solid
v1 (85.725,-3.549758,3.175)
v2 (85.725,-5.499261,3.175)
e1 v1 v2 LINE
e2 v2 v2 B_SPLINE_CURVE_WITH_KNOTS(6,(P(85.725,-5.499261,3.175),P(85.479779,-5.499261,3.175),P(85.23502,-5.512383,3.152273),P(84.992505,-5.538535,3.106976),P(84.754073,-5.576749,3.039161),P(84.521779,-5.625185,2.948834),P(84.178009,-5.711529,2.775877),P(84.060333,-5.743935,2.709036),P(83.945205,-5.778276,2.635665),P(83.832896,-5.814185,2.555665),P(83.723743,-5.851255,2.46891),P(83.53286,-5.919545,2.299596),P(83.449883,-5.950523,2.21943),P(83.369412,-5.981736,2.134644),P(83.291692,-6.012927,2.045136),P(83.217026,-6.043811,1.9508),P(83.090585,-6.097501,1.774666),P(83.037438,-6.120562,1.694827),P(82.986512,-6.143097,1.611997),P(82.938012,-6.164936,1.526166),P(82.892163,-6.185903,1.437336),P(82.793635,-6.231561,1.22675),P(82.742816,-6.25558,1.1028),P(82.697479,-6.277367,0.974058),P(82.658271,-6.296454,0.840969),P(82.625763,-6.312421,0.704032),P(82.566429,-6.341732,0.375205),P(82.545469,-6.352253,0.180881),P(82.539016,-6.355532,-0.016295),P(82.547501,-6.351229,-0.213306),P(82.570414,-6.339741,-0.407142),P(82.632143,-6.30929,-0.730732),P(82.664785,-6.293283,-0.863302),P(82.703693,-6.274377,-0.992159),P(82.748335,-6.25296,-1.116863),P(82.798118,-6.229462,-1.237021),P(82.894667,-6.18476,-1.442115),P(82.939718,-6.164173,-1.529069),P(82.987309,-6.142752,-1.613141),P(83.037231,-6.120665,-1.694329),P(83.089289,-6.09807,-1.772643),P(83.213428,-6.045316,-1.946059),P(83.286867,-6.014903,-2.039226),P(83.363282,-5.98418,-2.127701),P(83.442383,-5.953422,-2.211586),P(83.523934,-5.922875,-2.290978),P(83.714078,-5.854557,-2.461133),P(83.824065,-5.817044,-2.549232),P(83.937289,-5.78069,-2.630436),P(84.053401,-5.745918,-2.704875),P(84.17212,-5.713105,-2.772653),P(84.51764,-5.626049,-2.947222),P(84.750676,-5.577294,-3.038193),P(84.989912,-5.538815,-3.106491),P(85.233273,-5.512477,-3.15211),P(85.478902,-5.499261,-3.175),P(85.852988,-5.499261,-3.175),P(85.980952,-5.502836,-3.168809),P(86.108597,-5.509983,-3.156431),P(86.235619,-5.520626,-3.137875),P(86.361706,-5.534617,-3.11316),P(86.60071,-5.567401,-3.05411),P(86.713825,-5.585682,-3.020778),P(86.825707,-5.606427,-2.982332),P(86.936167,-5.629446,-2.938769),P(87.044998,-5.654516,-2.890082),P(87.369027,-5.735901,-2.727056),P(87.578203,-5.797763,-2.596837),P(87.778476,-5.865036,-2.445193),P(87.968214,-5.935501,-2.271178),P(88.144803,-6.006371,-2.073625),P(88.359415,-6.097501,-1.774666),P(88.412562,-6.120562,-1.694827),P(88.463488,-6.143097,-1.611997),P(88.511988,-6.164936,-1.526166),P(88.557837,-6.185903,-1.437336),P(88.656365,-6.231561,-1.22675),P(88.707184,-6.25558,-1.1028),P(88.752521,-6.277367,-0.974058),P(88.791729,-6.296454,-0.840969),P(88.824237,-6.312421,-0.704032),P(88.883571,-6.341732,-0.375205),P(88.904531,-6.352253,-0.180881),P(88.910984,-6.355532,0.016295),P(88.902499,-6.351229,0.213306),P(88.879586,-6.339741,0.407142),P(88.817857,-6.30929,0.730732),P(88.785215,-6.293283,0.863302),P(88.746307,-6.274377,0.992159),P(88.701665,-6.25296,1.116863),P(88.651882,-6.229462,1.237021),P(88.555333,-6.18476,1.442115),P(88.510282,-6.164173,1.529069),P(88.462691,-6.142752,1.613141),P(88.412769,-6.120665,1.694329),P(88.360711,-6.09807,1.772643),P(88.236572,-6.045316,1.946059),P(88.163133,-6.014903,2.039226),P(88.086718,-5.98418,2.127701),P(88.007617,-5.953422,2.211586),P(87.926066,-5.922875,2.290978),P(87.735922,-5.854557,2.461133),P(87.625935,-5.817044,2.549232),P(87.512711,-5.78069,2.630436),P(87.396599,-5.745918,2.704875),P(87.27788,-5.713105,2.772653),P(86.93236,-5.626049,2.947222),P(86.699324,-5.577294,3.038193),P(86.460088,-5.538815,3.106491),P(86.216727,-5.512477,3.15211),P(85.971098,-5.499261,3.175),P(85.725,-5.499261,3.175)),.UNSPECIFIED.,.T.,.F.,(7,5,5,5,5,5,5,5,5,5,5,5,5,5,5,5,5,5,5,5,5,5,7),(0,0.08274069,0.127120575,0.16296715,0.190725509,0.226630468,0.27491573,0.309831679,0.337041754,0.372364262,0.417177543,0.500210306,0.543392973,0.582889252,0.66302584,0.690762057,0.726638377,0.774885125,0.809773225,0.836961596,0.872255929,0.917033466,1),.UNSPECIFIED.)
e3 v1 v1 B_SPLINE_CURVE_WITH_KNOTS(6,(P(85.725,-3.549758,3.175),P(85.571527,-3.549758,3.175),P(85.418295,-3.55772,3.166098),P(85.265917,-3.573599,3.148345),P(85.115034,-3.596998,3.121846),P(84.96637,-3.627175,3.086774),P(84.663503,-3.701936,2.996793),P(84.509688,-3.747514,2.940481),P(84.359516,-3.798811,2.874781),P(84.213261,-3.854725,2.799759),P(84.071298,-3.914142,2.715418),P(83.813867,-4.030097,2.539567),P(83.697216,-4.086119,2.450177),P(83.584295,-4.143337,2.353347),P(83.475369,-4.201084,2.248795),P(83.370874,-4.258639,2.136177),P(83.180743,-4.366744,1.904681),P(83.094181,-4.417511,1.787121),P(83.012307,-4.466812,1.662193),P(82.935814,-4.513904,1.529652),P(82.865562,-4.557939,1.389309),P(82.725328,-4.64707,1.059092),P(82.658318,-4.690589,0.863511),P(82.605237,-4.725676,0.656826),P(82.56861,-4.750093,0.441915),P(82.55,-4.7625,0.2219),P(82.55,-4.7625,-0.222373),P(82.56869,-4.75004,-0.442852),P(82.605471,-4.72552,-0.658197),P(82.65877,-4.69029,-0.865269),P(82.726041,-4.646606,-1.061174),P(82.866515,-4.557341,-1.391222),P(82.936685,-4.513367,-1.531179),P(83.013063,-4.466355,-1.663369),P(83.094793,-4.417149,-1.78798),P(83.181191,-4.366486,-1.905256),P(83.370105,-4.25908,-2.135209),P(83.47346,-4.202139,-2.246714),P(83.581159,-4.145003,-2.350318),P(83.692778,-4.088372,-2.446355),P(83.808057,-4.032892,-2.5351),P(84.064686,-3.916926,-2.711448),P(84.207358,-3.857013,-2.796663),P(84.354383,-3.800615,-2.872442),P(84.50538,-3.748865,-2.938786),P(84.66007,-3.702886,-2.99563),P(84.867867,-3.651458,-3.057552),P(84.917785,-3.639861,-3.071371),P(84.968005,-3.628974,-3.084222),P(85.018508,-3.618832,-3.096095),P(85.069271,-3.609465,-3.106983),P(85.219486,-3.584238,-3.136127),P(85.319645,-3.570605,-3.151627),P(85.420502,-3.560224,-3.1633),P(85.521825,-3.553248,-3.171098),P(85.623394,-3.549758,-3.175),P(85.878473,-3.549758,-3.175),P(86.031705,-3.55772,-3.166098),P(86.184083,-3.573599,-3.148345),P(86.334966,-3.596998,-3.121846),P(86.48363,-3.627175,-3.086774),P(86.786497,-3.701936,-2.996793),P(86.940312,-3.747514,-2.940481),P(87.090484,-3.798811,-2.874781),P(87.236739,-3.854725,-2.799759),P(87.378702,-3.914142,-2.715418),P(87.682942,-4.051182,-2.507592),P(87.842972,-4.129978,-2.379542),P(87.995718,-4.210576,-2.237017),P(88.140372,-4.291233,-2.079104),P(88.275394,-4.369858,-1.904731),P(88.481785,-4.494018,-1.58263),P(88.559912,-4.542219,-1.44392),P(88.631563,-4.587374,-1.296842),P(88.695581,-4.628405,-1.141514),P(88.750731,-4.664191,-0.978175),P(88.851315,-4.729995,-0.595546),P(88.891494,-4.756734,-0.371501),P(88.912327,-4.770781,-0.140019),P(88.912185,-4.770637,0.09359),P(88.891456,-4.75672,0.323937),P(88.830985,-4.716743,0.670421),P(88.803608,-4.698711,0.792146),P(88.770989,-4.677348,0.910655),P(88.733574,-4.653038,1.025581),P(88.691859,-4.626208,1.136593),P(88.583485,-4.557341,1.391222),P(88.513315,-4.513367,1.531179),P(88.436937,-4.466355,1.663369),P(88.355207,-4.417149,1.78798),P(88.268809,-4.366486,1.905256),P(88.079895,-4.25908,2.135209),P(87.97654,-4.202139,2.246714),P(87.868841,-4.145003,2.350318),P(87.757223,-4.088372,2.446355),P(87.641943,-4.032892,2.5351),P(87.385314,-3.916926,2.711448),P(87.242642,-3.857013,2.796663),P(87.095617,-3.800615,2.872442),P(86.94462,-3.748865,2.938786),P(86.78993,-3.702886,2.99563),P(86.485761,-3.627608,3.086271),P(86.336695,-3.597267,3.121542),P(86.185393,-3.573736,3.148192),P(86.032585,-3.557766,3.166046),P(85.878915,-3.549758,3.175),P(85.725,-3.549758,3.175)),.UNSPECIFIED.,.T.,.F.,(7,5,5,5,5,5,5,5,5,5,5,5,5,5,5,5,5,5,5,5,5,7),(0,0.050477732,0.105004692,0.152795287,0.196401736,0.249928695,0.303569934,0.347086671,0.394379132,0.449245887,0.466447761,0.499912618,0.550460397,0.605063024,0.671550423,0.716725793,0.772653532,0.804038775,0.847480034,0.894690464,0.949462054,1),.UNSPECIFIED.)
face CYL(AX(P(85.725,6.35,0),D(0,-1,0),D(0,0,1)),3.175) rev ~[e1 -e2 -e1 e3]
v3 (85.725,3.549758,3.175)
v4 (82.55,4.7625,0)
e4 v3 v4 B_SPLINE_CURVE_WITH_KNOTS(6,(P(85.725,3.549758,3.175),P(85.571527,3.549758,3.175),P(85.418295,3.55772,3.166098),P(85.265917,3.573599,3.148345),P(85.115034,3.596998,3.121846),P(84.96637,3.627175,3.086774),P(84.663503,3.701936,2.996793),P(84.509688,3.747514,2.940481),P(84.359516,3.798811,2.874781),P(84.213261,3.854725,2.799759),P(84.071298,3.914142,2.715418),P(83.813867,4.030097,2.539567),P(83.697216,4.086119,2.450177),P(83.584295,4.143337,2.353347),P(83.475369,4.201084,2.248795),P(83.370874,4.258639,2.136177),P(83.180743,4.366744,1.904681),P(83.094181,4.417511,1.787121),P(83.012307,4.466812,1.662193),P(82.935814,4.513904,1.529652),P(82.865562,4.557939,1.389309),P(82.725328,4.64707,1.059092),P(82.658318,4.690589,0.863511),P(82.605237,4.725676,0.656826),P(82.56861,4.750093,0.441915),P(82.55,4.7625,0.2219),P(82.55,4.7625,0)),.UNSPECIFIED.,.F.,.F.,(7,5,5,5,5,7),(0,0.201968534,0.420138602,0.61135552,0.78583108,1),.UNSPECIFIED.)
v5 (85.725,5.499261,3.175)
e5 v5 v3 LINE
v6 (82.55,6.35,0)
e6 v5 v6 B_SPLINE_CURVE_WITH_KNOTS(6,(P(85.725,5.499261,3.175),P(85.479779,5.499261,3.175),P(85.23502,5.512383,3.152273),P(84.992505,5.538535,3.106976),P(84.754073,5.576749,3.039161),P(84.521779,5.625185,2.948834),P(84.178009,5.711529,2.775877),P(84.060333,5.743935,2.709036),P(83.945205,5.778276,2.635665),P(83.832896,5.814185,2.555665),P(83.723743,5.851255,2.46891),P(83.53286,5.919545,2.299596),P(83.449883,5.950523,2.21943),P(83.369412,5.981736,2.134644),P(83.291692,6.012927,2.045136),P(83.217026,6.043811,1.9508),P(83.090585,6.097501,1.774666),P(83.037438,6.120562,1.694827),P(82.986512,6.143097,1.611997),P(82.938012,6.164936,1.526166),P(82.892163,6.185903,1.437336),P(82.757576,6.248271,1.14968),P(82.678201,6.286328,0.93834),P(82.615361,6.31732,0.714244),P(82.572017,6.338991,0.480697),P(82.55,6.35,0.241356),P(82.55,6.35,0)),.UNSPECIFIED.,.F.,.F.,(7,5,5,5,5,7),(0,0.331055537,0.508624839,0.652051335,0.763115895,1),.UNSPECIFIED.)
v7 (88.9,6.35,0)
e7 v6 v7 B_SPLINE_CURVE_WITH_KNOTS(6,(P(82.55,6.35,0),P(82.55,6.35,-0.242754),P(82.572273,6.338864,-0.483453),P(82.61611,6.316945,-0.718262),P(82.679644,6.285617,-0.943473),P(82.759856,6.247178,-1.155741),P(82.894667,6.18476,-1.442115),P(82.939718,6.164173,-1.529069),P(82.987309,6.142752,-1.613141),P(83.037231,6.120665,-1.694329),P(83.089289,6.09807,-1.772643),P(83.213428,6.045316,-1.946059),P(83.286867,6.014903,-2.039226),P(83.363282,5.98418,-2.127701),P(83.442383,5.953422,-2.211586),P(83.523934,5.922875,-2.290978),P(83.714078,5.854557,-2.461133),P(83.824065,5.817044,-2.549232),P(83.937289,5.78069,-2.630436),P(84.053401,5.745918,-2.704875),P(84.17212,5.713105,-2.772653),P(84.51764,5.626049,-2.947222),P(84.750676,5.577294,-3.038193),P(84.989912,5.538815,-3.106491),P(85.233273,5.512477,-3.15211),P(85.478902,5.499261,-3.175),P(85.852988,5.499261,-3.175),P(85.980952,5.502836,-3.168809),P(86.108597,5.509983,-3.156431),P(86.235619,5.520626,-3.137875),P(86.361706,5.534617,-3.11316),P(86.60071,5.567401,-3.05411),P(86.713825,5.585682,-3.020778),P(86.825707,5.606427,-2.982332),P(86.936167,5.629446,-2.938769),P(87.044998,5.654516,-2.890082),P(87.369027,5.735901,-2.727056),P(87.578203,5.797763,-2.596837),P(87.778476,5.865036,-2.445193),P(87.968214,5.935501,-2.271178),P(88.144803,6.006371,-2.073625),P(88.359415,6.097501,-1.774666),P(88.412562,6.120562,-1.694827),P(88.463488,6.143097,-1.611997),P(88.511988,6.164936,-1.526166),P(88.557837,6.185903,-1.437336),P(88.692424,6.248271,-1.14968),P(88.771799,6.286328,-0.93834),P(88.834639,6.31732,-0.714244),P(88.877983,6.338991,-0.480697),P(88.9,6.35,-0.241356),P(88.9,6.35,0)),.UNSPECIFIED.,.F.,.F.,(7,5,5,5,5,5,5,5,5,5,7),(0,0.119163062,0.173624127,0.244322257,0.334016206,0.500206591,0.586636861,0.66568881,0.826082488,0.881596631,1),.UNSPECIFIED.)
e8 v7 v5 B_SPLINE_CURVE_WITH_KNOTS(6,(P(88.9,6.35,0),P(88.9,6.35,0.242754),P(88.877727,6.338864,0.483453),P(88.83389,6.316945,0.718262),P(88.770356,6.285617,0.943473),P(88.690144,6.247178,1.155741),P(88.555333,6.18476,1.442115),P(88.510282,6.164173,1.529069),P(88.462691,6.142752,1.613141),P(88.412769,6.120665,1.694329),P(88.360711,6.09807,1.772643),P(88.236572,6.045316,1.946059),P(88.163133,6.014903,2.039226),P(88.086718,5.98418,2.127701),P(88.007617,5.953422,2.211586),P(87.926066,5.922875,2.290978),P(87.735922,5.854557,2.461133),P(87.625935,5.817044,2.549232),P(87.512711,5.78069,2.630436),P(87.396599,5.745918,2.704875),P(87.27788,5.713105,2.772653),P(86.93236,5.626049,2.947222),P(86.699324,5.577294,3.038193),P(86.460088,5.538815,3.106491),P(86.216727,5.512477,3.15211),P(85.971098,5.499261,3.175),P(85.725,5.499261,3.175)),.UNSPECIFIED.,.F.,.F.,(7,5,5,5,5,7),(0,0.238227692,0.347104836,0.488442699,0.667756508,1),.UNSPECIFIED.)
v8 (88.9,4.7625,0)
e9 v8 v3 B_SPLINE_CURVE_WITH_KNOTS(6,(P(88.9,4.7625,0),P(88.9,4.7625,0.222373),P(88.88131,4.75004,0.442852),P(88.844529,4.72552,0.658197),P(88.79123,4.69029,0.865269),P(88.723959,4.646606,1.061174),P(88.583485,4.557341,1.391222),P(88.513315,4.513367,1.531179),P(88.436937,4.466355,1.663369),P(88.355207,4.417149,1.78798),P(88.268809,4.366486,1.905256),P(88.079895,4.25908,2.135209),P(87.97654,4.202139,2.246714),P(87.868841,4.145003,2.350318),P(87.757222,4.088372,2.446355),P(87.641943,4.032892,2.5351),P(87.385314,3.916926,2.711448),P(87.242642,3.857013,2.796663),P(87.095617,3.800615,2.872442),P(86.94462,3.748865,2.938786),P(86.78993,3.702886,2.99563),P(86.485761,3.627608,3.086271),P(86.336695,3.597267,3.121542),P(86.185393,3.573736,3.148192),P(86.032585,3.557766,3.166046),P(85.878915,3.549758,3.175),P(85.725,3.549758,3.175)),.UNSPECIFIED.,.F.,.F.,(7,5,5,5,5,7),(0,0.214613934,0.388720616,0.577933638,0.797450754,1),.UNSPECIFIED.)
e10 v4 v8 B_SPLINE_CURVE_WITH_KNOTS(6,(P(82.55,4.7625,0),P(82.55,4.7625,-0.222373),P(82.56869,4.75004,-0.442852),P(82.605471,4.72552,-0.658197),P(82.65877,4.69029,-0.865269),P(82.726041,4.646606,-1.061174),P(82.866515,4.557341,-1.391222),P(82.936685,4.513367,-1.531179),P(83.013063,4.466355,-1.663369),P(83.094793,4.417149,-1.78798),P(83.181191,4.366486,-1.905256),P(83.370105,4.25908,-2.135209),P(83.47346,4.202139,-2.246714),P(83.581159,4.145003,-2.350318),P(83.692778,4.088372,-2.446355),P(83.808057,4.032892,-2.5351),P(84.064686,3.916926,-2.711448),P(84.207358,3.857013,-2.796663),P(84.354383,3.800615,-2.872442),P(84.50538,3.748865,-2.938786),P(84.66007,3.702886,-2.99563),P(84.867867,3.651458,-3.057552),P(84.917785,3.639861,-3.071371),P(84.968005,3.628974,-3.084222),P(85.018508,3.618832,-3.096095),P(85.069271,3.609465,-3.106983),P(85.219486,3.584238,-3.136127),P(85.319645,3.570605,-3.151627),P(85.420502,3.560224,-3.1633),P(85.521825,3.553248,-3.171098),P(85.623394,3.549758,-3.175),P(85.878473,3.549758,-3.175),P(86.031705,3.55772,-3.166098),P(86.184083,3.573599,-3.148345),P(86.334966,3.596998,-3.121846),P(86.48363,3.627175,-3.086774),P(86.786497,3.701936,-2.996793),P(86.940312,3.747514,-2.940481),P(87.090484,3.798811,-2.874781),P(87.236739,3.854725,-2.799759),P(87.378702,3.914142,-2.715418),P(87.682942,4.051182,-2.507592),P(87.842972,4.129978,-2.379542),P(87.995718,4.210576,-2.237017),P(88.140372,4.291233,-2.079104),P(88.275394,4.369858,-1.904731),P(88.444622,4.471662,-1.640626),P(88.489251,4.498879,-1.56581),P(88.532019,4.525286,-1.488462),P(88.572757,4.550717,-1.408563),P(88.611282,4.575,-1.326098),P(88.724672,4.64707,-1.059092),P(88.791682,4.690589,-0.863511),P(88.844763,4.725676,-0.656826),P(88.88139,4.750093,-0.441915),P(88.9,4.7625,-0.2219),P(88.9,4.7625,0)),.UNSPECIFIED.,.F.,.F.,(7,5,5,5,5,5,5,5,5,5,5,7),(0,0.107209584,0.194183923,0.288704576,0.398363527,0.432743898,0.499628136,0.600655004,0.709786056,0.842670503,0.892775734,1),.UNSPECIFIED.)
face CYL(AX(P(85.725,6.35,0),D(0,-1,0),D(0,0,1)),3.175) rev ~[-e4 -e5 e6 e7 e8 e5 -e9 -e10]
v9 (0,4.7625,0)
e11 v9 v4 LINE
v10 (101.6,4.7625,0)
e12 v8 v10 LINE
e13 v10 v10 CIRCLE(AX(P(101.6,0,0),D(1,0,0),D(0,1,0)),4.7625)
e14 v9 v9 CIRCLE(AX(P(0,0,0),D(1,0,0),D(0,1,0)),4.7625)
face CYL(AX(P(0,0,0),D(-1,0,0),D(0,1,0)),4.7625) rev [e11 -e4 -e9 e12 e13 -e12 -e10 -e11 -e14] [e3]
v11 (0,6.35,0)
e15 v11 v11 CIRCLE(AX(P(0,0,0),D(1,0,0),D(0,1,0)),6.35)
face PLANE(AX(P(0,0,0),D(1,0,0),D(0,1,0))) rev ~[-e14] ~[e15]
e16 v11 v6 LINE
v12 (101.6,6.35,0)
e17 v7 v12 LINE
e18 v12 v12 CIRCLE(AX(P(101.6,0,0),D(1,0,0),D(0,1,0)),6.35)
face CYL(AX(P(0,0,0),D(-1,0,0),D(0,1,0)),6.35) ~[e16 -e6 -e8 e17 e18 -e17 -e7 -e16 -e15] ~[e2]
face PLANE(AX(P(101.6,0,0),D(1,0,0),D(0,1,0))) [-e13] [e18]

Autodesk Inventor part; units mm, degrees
ref_plane "YZ Plane" through (0, 0, 0) normal (1, 0, 0) x (0, 1, 0)
ref_plane "XY Plane" through (0, 0, 0) normal (0, 0, 1) x (1, 0, 0)
sketch "Sketch1" plane through (0, 0, 0) normal (1, 0, 0) x (0, 1, 0)
  circle A0 centre (0, 0) radius 6.35
  circle A1 centre (0, 0) radius 4.7625
  dimension "d0" = 12.7
extrude "Extrusion1" add sketch "Sketch1" along normal blind 101.6
ref_plane "Work Plane1" through (0, 6.35, 0) normal (0, 1, 0) x (-1, 0, 0)
sketch "Sketch2" plane through (0, 6.35, 0) normal (0, 1, 0) x (-1, 0, 0)
  line L0 (-101.6, 6.35) -> (-101.6, -6.35) projected
  line L1 (0, -6.35) -> (0, 6.35) projected
  line L2 (0, 0) -> (-101.6, 0)
  circle A0 centre (-85.725, 0) radius 3.81
  dimension "d3" = 7.62
hole "Hole1" at (85.725, 6.35, 0) direction (0, -1, 0) diameter 6.35 end through all
properties part number "pin"
